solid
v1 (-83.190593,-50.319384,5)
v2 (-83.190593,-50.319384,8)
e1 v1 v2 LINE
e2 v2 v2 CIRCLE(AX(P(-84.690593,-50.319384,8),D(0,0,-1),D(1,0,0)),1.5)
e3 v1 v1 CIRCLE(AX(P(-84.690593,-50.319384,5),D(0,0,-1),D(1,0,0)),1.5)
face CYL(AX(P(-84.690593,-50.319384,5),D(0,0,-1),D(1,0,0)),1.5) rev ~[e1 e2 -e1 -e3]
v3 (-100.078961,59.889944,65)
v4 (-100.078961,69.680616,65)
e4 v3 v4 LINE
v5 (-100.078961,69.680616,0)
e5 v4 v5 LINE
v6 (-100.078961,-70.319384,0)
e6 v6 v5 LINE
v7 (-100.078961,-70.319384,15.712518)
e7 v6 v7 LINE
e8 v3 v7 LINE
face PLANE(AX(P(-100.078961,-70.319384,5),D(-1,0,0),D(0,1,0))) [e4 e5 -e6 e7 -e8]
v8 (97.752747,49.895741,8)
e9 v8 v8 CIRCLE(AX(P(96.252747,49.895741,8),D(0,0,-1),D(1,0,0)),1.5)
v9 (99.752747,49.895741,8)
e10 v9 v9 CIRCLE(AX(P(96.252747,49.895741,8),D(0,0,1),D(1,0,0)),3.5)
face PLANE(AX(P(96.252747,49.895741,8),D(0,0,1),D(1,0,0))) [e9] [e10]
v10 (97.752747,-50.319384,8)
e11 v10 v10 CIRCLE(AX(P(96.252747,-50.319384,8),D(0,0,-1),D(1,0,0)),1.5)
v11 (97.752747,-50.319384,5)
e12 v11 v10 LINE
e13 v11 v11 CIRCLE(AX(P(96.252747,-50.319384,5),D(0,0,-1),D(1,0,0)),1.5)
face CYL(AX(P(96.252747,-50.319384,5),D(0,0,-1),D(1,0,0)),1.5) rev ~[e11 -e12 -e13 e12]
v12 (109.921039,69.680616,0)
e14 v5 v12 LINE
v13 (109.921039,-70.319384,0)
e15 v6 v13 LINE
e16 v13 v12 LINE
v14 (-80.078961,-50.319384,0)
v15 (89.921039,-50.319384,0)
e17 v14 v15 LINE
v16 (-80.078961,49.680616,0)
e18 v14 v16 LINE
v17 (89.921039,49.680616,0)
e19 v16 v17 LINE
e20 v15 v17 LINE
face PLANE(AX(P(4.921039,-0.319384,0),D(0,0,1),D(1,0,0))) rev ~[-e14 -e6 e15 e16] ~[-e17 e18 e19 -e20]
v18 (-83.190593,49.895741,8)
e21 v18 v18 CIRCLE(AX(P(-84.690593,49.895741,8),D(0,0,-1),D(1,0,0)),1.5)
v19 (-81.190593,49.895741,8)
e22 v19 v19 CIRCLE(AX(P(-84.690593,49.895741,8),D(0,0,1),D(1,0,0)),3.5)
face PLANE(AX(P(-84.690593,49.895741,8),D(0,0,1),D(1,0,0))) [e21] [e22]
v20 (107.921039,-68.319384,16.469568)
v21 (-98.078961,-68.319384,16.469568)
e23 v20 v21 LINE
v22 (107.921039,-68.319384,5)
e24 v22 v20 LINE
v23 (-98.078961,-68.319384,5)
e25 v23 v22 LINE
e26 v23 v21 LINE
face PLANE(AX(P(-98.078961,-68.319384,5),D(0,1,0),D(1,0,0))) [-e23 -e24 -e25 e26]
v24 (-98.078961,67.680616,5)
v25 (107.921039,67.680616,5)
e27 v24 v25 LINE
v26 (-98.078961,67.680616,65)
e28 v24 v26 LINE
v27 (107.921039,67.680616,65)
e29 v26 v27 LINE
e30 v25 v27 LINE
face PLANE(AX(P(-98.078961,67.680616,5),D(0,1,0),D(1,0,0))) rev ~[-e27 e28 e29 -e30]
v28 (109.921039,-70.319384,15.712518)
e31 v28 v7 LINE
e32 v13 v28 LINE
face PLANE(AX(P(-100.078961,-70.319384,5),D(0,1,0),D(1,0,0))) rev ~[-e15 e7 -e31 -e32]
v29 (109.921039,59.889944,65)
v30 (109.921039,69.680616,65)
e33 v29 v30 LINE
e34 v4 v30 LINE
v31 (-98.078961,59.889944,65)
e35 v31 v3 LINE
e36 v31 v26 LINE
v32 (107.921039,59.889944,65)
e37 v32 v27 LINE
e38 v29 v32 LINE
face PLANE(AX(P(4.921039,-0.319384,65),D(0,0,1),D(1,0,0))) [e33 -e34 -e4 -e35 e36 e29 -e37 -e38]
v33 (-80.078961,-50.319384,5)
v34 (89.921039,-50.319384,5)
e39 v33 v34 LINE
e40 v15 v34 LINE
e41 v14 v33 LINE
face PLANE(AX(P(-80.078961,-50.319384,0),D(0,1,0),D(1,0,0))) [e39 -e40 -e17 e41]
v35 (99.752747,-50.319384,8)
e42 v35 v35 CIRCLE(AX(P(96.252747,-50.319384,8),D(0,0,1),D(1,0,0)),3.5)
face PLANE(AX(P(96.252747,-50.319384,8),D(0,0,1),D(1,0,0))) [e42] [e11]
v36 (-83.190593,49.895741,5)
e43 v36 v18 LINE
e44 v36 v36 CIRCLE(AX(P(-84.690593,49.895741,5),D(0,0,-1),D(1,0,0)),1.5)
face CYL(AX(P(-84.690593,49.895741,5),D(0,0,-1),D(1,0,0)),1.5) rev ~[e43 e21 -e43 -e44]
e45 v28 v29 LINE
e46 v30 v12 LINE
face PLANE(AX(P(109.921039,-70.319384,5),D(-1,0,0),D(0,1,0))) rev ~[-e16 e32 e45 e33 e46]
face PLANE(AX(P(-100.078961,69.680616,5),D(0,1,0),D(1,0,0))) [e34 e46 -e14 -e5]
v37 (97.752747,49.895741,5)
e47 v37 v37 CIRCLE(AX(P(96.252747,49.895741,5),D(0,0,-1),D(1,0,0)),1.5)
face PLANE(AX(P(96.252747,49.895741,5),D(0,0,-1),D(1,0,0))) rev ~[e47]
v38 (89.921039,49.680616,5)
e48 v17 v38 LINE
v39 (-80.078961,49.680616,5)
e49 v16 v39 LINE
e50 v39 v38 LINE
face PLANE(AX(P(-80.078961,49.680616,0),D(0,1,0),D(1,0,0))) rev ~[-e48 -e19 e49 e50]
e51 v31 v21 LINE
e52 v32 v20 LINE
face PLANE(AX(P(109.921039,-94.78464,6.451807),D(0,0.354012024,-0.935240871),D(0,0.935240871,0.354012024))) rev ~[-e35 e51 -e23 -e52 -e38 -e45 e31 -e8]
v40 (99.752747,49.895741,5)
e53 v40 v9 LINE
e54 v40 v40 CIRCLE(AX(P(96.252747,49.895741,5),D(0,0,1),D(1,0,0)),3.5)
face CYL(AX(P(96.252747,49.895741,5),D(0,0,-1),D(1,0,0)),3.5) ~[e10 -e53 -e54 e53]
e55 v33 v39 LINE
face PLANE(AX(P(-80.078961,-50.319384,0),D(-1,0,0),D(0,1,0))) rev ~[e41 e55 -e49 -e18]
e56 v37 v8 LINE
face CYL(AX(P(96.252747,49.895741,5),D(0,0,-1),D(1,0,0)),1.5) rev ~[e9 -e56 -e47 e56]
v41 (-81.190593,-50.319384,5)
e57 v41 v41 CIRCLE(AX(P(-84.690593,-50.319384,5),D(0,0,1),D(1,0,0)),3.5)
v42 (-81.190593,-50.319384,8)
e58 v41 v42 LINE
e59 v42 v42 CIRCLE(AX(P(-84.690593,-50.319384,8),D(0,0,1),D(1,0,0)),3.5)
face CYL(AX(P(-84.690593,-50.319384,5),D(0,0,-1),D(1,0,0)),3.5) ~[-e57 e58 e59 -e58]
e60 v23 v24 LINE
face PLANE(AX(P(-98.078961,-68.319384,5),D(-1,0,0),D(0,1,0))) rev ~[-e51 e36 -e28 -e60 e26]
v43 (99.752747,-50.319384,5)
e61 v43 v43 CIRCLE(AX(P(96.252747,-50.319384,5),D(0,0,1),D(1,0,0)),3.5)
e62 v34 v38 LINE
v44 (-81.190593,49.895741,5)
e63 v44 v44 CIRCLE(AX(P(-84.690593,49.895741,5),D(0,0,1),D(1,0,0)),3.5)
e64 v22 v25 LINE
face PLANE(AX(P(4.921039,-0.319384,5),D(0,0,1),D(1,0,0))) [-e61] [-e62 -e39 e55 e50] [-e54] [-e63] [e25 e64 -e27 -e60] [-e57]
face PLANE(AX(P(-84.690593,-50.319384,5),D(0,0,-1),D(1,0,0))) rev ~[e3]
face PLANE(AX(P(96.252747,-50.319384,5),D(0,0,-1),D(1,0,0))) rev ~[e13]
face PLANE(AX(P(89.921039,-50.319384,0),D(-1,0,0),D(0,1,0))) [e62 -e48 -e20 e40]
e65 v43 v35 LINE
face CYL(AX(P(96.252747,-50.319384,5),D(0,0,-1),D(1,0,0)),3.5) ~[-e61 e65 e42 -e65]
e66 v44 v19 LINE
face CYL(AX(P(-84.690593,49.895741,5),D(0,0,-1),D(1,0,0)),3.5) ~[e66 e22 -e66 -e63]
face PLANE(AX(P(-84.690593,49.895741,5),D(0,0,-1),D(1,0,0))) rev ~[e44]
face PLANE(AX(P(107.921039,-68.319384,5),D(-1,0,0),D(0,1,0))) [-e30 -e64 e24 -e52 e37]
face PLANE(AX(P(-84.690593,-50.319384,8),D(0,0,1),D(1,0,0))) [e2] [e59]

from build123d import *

# Parameters (mm, degrees)
F0_W     = 210
F0_H     = 140
F0_W_2   = 170
F0_H_2   = 100
F1_DEPTH = 5
F2_W     = 210
F2_H     = 140
F2_W_2   = 206
F2_H_2   = 136
F3_DEPTH = 60
F2_R     = 3.5
F4_DEPTH = 3
F5_D     = 3
F5_DEPTH = 15
F5_TIP   = 0.9012909285
F7_DEPTH = 300


with BuildPart() as f1:
    # F0 (on Top) → F1 (new body)
    with BuildSketch(Plane.XY):
        with Locations((4.9210386318, -0.3193840384)):
            Rectangle(F0_W, F0_H)
        with Locations((4.9210386318, -0.3193840384)):
            Rectangle(F0_W_2, F0_H_2, mode=Mode.SUBTRACT)
    extrude(amount=F1_DEPTH)

    # F2 (on face) → F3 (join)
    with BuildSketch(Plane.XY.offset(5)):
        with Locations((4.9210386318, -0.3193840384)):
            Rectangle(F2_W, F2_H)
        with Locations((4.9210386318, -0.3193840384)):
            Rectangle(F2_W_2, F2_H_2, mode=Mode.SUBTRACT)
    extrude(amount=F3_DEPTH)

    # F2 (on face) → F4 (join)
    with BuildSketch(Plane.XY.offset(5)):
        with Locations((-84.690593183, 49.8957410455)):
            Circle(F2_R)
        with Locations((96.2527468801, 49.8957410455)):
            Circle(F2_R)
        with Locations((-84.690593183, -50.3193840384)):
            Circle(F2_R)
        with Locations((96.2527468801, -50.3193840384)):
            Circle(F2_R)
    extrude(amount=F4_DEPTH)

    # F5 (one way)
    with BuildSketch(Plane(origin=(0, 0, 5), x_dir=(1, 0, 0), z_dir=(0, 0, -1))):
        with Locations((-84.690593183, -49.8957410455), (96.2527468801, -49.8957410455), (-84.690593183, 50.3193840384), (96.2527468801, 50.3193840384)):
            Circle(F5_D / 2)
    extrude(amount=-F5_DEPTH, mode=Mode.SUBTRACT)
    with Locations(Plane(origin=(0, 0, 5), x_dir=(1, 0, 0), z_dir=(0, 0, -1))):
        with Locations((-84.690593183, -49.8957410455), (96.2527468801, -49.8957410455), (-84.690593183, 50.3193840384), (96.2527468801, 50.3193840384)):
            with Locations((0, 0, -(F5_DEPTH + F5_TIP / 2))):  # 118° drill point
                Cone(0, F5_D / 2, F5_TIP, mode=Mode.SUBTRACT)

    # F6 (on face) → F7 (cut)
    with BuildSketch(Plane.YZ.offset(109.9210386318)):
        Polygon((-94.7846397758, 6.4518074505), (80.1731944084, 72.6777166128), (-94.7846397758, 76.6626521945), align=None)
    extrude(amount=-F7_DEPTH, mode=Mode.SUBTRACT)


solid = f1.part
